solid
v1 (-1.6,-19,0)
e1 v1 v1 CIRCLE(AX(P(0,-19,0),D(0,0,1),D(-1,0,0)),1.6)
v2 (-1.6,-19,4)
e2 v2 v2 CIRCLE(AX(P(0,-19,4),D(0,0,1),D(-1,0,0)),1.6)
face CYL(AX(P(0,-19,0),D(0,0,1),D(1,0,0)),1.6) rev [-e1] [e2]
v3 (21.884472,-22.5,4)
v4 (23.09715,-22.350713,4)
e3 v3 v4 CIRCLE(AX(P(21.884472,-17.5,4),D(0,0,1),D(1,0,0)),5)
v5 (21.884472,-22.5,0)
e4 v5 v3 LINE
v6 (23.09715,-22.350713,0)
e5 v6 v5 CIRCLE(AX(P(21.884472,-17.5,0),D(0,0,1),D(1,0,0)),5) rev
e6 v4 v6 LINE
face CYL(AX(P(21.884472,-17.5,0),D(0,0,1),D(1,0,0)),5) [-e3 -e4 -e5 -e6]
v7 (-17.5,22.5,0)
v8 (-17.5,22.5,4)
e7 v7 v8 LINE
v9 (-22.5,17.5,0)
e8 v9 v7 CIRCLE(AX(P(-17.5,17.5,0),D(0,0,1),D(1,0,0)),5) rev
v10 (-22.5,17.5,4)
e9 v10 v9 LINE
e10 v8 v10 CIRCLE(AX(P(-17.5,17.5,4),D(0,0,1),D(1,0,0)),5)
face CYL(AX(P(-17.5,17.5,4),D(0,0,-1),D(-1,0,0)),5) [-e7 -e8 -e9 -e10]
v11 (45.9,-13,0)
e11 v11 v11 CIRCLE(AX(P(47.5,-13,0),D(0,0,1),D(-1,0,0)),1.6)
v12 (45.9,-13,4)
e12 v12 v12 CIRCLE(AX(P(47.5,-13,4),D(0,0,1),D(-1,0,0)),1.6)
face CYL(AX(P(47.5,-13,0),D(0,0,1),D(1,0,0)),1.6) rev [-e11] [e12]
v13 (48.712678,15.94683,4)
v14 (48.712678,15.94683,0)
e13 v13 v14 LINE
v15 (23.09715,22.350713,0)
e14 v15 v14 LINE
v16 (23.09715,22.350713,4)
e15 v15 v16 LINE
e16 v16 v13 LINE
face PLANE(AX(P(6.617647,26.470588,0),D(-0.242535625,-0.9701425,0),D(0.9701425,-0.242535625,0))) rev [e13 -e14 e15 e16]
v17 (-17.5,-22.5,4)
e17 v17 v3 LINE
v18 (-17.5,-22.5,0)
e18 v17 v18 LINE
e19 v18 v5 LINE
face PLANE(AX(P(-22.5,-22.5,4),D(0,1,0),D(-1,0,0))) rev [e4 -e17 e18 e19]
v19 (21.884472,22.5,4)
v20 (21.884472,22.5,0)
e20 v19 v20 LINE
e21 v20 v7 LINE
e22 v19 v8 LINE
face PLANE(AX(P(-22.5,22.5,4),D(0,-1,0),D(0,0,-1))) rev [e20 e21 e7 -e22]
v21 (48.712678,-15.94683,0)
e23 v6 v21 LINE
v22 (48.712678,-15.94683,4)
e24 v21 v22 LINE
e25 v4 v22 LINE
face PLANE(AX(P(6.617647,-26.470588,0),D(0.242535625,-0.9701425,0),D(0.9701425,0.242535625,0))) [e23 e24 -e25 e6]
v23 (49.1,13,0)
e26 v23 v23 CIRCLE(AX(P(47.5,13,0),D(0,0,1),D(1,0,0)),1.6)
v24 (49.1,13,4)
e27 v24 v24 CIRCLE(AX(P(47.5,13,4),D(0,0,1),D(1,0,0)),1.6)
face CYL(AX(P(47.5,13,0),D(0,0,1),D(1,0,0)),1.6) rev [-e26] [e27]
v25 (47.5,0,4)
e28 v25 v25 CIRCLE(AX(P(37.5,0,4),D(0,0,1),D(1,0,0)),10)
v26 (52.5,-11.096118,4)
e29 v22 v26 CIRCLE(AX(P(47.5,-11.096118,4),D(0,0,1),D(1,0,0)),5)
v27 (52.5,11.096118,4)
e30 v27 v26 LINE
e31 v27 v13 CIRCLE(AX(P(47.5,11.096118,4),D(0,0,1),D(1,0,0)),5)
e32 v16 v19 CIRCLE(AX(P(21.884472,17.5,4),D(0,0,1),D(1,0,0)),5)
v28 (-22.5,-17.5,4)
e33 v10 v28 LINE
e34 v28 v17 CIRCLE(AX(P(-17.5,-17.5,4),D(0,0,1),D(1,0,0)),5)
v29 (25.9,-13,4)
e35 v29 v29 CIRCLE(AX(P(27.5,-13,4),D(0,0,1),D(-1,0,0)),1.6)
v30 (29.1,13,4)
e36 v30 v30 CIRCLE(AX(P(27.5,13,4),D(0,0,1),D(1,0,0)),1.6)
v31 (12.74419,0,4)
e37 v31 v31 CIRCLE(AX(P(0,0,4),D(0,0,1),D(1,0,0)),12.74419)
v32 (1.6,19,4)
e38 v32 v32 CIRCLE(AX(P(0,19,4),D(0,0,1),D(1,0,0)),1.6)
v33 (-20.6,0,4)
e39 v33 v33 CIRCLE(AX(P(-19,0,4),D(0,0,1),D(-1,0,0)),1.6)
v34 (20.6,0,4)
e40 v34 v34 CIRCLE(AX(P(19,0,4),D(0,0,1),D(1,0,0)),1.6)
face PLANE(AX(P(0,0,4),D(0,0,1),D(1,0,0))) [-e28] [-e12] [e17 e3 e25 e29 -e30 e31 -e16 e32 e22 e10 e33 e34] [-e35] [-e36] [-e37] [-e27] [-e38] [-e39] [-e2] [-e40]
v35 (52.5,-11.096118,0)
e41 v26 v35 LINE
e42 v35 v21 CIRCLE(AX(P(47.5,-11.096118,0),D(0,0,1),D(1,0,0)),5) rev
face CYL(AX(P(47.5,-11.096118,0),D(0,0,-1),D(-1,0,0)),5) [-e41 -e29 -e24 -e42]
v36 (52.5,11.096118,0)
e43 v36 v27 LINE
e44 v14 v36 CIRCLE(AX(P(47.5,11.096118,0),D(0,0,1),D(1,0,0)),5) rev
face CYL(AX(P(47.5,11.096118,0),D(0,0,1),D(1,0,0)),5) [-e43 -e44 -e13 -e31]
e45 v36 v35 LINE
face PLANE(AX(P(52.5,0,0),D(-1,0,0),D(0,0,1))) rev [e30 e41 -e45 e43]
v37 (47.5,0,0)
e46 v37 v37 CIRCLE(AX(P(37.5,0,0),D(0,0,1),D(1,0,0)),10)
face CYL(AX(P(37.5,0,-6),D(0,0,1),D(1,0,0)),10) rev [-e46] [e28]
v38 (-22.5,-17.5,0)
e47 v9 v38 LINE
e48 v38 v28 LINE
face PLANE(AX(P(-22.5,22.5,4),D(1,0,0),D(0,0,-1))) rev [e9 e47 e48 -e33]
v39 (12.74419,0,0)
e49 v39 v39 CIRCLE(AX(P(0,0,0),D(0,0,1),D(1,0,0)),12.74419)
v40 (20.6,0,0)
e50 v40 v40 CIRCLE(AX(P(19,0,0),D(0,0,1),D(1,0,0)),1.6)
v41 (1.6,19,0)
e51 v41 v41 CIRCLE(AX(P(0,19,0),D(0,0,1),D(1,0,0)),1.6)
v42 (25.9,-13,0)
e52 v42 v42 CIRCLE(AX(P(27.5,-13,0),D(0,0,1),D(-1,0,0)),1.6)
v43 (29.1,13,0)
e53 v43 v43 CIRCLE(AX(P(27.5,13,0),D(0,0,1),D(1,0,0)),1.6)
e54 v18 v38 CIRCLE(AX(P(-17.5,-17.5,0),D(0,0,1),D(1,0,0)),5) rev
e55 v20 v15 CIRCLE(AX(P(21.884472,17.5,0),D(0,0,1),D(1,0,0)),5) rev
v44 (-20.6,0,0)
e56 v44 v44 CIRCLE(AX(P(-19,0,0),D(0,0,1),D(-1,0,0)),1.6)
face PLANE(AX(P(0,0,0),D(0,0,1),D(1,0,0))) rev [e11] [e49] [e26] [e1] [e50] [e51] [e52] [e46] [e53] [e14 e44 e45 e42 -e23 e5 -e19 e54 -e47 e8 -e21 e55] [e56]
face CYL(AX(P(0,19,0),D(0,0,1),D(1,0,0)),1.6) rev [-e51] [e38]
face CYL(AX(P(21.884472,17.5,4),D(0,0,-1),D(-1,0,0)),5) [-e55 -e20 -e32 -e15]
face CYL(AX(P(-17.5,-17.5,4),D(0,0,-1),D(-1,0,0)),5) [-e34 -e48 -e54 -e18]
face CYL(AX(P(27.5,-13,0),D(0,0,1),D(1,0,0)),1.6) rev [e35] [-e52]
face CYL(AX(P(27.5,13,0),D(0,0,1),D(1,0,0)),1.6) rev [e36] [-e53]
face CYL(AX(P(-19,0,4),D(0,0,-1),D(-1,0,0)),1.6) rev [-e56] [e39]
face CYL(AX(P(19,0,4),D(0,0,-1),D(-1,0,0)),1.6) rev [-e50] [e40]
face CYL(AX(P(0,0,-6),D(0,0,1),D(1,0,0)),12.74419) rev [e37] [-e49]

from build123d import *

# Parameters (mm, degrees)
SKETCH_1_W          = 45
SKETCH_1_H          = 45
SKETCH_1_R          = 1.6
EXTRUDE_1_DEPTH     = 4
EXTRUDE_2_DEPTH     = 4
SKETCH_3_R          = 1.6
CUT_EXTRUDE_1_DEPTH = 4
FILLET_1_R          = 5
SKETCH_4_R          = 1.6
CUT_EXTRUDE_2_DEPTH = 4
SKETCH_5_R          = 12.744189695
SKETCH_5_R_2        = 10
CUT_EXTRUDE_3_DEPTH = 10
FILLET_2_R          = 5
FILLET_3_R          = 5


with BuildPart() as part:
    # 草图1 → 凸台-拉伸1 (new body)
    with BuildSketch(Plane.XY):
        Rectangle(SKETCH_1_W, SKETCH_1_H)
        with Locations((19, 0)):
            Circle(SKETCH_1_R, mode=Mode.SUBTRACT)
        with Locations(Location((-19, 0, 0), (0, 0, 180))):
            Circle(SKETCH_1_R, mode=Mode.SUBTRACT)
    extrude(amount=EXTRUDE_1_DEPTH)

    # 草图2 → 凸台-拉伸2 (add)
    with BuildSketch(Plane.XY.offset(4)):
        Polygon((52.5, 15), (22.5, 22.5), (22.5, 0), (52.5, 0), align=None)
        Polygon((52.5, 0), (22.5, 0), (22.5, -22.5), (52.5, -15), align=None)
    extrude(amount=-EXTRUDE_2_DEPTH)

    # 草图3 → 切除-拉伸1 (cut)
    with BuildSketch(Plane.XY.offset(4)):
        with Locations((27.5, 13)):
            Circle(SKETCH_3_R)
        with Locations((47.5, 13)):
            Circle(SKETCH_3_R)
        with Locations(Location((47.5, -13, 0), (0, 0, 180))):
            Circle(SKETCH_3_R)
        with Locations(Location((27.5, -13, 0), (0, 0, 180))):
            Circle(SKETCH_3_R)
    extrude(amount=-CUT_EXTRUDE_1_DEPTH, mode=Mode.SUBTRACT)

    # 圆角1
    fillet_1_edges = [part.edges().sort_by_distance(p)[0] for p in [
        (52.5, 15, 2),
        (52.5, -15, 2),
        (22.5, 22.5, 2),
    ]]
    fillet(fillet_1_edges, radius=FILLET_1_R)

    # 草图4 → 切除-拉伸2 (cut)
    with BuildSketch(Plane.XY.offset(4)):
        with Locations((0, 19)):
            Circle(SKETCH_4_R)
        with Locations(Location((0, -19, 0), (0, 0, 180))):
            Circle(SKETCH_4_R)
    extrude(amount=-CUT_EXTRUDE_2_DEPTH, mode=Mode.SUBTRACT)

    # 草图5 → 切除-拉伸3 (cut)
    with BuildSketch(Plane.XY.offset(4)):
        Circle(SKETCH_5_R)
        with Locations((37.5, 0)):
            Circle(SKETCH_5_R_2)
    extrude(amount=-CUT_EXTRUDE_3_DEPTH, mode=Mode.SUBTRACT)

    # 圆角2
    fillet_2_edges = [part.edges().sort_by_distance(p)[0] for p in [
        (-22.5, -22.5, 2),
        (-22.5, 22.5, 2),
    ]]
    fillet(fillet_2_edges, radius=FILLET_2_R)

    # 圆角3
    fillet_3_edges = [part.edges().sort_by_distance(p)[0] for p in [
        (22.5, -22.5, 2),
    ]]
    fillet(fillet_3_edges, radius=FILLET_3_R)


solid = part.part
